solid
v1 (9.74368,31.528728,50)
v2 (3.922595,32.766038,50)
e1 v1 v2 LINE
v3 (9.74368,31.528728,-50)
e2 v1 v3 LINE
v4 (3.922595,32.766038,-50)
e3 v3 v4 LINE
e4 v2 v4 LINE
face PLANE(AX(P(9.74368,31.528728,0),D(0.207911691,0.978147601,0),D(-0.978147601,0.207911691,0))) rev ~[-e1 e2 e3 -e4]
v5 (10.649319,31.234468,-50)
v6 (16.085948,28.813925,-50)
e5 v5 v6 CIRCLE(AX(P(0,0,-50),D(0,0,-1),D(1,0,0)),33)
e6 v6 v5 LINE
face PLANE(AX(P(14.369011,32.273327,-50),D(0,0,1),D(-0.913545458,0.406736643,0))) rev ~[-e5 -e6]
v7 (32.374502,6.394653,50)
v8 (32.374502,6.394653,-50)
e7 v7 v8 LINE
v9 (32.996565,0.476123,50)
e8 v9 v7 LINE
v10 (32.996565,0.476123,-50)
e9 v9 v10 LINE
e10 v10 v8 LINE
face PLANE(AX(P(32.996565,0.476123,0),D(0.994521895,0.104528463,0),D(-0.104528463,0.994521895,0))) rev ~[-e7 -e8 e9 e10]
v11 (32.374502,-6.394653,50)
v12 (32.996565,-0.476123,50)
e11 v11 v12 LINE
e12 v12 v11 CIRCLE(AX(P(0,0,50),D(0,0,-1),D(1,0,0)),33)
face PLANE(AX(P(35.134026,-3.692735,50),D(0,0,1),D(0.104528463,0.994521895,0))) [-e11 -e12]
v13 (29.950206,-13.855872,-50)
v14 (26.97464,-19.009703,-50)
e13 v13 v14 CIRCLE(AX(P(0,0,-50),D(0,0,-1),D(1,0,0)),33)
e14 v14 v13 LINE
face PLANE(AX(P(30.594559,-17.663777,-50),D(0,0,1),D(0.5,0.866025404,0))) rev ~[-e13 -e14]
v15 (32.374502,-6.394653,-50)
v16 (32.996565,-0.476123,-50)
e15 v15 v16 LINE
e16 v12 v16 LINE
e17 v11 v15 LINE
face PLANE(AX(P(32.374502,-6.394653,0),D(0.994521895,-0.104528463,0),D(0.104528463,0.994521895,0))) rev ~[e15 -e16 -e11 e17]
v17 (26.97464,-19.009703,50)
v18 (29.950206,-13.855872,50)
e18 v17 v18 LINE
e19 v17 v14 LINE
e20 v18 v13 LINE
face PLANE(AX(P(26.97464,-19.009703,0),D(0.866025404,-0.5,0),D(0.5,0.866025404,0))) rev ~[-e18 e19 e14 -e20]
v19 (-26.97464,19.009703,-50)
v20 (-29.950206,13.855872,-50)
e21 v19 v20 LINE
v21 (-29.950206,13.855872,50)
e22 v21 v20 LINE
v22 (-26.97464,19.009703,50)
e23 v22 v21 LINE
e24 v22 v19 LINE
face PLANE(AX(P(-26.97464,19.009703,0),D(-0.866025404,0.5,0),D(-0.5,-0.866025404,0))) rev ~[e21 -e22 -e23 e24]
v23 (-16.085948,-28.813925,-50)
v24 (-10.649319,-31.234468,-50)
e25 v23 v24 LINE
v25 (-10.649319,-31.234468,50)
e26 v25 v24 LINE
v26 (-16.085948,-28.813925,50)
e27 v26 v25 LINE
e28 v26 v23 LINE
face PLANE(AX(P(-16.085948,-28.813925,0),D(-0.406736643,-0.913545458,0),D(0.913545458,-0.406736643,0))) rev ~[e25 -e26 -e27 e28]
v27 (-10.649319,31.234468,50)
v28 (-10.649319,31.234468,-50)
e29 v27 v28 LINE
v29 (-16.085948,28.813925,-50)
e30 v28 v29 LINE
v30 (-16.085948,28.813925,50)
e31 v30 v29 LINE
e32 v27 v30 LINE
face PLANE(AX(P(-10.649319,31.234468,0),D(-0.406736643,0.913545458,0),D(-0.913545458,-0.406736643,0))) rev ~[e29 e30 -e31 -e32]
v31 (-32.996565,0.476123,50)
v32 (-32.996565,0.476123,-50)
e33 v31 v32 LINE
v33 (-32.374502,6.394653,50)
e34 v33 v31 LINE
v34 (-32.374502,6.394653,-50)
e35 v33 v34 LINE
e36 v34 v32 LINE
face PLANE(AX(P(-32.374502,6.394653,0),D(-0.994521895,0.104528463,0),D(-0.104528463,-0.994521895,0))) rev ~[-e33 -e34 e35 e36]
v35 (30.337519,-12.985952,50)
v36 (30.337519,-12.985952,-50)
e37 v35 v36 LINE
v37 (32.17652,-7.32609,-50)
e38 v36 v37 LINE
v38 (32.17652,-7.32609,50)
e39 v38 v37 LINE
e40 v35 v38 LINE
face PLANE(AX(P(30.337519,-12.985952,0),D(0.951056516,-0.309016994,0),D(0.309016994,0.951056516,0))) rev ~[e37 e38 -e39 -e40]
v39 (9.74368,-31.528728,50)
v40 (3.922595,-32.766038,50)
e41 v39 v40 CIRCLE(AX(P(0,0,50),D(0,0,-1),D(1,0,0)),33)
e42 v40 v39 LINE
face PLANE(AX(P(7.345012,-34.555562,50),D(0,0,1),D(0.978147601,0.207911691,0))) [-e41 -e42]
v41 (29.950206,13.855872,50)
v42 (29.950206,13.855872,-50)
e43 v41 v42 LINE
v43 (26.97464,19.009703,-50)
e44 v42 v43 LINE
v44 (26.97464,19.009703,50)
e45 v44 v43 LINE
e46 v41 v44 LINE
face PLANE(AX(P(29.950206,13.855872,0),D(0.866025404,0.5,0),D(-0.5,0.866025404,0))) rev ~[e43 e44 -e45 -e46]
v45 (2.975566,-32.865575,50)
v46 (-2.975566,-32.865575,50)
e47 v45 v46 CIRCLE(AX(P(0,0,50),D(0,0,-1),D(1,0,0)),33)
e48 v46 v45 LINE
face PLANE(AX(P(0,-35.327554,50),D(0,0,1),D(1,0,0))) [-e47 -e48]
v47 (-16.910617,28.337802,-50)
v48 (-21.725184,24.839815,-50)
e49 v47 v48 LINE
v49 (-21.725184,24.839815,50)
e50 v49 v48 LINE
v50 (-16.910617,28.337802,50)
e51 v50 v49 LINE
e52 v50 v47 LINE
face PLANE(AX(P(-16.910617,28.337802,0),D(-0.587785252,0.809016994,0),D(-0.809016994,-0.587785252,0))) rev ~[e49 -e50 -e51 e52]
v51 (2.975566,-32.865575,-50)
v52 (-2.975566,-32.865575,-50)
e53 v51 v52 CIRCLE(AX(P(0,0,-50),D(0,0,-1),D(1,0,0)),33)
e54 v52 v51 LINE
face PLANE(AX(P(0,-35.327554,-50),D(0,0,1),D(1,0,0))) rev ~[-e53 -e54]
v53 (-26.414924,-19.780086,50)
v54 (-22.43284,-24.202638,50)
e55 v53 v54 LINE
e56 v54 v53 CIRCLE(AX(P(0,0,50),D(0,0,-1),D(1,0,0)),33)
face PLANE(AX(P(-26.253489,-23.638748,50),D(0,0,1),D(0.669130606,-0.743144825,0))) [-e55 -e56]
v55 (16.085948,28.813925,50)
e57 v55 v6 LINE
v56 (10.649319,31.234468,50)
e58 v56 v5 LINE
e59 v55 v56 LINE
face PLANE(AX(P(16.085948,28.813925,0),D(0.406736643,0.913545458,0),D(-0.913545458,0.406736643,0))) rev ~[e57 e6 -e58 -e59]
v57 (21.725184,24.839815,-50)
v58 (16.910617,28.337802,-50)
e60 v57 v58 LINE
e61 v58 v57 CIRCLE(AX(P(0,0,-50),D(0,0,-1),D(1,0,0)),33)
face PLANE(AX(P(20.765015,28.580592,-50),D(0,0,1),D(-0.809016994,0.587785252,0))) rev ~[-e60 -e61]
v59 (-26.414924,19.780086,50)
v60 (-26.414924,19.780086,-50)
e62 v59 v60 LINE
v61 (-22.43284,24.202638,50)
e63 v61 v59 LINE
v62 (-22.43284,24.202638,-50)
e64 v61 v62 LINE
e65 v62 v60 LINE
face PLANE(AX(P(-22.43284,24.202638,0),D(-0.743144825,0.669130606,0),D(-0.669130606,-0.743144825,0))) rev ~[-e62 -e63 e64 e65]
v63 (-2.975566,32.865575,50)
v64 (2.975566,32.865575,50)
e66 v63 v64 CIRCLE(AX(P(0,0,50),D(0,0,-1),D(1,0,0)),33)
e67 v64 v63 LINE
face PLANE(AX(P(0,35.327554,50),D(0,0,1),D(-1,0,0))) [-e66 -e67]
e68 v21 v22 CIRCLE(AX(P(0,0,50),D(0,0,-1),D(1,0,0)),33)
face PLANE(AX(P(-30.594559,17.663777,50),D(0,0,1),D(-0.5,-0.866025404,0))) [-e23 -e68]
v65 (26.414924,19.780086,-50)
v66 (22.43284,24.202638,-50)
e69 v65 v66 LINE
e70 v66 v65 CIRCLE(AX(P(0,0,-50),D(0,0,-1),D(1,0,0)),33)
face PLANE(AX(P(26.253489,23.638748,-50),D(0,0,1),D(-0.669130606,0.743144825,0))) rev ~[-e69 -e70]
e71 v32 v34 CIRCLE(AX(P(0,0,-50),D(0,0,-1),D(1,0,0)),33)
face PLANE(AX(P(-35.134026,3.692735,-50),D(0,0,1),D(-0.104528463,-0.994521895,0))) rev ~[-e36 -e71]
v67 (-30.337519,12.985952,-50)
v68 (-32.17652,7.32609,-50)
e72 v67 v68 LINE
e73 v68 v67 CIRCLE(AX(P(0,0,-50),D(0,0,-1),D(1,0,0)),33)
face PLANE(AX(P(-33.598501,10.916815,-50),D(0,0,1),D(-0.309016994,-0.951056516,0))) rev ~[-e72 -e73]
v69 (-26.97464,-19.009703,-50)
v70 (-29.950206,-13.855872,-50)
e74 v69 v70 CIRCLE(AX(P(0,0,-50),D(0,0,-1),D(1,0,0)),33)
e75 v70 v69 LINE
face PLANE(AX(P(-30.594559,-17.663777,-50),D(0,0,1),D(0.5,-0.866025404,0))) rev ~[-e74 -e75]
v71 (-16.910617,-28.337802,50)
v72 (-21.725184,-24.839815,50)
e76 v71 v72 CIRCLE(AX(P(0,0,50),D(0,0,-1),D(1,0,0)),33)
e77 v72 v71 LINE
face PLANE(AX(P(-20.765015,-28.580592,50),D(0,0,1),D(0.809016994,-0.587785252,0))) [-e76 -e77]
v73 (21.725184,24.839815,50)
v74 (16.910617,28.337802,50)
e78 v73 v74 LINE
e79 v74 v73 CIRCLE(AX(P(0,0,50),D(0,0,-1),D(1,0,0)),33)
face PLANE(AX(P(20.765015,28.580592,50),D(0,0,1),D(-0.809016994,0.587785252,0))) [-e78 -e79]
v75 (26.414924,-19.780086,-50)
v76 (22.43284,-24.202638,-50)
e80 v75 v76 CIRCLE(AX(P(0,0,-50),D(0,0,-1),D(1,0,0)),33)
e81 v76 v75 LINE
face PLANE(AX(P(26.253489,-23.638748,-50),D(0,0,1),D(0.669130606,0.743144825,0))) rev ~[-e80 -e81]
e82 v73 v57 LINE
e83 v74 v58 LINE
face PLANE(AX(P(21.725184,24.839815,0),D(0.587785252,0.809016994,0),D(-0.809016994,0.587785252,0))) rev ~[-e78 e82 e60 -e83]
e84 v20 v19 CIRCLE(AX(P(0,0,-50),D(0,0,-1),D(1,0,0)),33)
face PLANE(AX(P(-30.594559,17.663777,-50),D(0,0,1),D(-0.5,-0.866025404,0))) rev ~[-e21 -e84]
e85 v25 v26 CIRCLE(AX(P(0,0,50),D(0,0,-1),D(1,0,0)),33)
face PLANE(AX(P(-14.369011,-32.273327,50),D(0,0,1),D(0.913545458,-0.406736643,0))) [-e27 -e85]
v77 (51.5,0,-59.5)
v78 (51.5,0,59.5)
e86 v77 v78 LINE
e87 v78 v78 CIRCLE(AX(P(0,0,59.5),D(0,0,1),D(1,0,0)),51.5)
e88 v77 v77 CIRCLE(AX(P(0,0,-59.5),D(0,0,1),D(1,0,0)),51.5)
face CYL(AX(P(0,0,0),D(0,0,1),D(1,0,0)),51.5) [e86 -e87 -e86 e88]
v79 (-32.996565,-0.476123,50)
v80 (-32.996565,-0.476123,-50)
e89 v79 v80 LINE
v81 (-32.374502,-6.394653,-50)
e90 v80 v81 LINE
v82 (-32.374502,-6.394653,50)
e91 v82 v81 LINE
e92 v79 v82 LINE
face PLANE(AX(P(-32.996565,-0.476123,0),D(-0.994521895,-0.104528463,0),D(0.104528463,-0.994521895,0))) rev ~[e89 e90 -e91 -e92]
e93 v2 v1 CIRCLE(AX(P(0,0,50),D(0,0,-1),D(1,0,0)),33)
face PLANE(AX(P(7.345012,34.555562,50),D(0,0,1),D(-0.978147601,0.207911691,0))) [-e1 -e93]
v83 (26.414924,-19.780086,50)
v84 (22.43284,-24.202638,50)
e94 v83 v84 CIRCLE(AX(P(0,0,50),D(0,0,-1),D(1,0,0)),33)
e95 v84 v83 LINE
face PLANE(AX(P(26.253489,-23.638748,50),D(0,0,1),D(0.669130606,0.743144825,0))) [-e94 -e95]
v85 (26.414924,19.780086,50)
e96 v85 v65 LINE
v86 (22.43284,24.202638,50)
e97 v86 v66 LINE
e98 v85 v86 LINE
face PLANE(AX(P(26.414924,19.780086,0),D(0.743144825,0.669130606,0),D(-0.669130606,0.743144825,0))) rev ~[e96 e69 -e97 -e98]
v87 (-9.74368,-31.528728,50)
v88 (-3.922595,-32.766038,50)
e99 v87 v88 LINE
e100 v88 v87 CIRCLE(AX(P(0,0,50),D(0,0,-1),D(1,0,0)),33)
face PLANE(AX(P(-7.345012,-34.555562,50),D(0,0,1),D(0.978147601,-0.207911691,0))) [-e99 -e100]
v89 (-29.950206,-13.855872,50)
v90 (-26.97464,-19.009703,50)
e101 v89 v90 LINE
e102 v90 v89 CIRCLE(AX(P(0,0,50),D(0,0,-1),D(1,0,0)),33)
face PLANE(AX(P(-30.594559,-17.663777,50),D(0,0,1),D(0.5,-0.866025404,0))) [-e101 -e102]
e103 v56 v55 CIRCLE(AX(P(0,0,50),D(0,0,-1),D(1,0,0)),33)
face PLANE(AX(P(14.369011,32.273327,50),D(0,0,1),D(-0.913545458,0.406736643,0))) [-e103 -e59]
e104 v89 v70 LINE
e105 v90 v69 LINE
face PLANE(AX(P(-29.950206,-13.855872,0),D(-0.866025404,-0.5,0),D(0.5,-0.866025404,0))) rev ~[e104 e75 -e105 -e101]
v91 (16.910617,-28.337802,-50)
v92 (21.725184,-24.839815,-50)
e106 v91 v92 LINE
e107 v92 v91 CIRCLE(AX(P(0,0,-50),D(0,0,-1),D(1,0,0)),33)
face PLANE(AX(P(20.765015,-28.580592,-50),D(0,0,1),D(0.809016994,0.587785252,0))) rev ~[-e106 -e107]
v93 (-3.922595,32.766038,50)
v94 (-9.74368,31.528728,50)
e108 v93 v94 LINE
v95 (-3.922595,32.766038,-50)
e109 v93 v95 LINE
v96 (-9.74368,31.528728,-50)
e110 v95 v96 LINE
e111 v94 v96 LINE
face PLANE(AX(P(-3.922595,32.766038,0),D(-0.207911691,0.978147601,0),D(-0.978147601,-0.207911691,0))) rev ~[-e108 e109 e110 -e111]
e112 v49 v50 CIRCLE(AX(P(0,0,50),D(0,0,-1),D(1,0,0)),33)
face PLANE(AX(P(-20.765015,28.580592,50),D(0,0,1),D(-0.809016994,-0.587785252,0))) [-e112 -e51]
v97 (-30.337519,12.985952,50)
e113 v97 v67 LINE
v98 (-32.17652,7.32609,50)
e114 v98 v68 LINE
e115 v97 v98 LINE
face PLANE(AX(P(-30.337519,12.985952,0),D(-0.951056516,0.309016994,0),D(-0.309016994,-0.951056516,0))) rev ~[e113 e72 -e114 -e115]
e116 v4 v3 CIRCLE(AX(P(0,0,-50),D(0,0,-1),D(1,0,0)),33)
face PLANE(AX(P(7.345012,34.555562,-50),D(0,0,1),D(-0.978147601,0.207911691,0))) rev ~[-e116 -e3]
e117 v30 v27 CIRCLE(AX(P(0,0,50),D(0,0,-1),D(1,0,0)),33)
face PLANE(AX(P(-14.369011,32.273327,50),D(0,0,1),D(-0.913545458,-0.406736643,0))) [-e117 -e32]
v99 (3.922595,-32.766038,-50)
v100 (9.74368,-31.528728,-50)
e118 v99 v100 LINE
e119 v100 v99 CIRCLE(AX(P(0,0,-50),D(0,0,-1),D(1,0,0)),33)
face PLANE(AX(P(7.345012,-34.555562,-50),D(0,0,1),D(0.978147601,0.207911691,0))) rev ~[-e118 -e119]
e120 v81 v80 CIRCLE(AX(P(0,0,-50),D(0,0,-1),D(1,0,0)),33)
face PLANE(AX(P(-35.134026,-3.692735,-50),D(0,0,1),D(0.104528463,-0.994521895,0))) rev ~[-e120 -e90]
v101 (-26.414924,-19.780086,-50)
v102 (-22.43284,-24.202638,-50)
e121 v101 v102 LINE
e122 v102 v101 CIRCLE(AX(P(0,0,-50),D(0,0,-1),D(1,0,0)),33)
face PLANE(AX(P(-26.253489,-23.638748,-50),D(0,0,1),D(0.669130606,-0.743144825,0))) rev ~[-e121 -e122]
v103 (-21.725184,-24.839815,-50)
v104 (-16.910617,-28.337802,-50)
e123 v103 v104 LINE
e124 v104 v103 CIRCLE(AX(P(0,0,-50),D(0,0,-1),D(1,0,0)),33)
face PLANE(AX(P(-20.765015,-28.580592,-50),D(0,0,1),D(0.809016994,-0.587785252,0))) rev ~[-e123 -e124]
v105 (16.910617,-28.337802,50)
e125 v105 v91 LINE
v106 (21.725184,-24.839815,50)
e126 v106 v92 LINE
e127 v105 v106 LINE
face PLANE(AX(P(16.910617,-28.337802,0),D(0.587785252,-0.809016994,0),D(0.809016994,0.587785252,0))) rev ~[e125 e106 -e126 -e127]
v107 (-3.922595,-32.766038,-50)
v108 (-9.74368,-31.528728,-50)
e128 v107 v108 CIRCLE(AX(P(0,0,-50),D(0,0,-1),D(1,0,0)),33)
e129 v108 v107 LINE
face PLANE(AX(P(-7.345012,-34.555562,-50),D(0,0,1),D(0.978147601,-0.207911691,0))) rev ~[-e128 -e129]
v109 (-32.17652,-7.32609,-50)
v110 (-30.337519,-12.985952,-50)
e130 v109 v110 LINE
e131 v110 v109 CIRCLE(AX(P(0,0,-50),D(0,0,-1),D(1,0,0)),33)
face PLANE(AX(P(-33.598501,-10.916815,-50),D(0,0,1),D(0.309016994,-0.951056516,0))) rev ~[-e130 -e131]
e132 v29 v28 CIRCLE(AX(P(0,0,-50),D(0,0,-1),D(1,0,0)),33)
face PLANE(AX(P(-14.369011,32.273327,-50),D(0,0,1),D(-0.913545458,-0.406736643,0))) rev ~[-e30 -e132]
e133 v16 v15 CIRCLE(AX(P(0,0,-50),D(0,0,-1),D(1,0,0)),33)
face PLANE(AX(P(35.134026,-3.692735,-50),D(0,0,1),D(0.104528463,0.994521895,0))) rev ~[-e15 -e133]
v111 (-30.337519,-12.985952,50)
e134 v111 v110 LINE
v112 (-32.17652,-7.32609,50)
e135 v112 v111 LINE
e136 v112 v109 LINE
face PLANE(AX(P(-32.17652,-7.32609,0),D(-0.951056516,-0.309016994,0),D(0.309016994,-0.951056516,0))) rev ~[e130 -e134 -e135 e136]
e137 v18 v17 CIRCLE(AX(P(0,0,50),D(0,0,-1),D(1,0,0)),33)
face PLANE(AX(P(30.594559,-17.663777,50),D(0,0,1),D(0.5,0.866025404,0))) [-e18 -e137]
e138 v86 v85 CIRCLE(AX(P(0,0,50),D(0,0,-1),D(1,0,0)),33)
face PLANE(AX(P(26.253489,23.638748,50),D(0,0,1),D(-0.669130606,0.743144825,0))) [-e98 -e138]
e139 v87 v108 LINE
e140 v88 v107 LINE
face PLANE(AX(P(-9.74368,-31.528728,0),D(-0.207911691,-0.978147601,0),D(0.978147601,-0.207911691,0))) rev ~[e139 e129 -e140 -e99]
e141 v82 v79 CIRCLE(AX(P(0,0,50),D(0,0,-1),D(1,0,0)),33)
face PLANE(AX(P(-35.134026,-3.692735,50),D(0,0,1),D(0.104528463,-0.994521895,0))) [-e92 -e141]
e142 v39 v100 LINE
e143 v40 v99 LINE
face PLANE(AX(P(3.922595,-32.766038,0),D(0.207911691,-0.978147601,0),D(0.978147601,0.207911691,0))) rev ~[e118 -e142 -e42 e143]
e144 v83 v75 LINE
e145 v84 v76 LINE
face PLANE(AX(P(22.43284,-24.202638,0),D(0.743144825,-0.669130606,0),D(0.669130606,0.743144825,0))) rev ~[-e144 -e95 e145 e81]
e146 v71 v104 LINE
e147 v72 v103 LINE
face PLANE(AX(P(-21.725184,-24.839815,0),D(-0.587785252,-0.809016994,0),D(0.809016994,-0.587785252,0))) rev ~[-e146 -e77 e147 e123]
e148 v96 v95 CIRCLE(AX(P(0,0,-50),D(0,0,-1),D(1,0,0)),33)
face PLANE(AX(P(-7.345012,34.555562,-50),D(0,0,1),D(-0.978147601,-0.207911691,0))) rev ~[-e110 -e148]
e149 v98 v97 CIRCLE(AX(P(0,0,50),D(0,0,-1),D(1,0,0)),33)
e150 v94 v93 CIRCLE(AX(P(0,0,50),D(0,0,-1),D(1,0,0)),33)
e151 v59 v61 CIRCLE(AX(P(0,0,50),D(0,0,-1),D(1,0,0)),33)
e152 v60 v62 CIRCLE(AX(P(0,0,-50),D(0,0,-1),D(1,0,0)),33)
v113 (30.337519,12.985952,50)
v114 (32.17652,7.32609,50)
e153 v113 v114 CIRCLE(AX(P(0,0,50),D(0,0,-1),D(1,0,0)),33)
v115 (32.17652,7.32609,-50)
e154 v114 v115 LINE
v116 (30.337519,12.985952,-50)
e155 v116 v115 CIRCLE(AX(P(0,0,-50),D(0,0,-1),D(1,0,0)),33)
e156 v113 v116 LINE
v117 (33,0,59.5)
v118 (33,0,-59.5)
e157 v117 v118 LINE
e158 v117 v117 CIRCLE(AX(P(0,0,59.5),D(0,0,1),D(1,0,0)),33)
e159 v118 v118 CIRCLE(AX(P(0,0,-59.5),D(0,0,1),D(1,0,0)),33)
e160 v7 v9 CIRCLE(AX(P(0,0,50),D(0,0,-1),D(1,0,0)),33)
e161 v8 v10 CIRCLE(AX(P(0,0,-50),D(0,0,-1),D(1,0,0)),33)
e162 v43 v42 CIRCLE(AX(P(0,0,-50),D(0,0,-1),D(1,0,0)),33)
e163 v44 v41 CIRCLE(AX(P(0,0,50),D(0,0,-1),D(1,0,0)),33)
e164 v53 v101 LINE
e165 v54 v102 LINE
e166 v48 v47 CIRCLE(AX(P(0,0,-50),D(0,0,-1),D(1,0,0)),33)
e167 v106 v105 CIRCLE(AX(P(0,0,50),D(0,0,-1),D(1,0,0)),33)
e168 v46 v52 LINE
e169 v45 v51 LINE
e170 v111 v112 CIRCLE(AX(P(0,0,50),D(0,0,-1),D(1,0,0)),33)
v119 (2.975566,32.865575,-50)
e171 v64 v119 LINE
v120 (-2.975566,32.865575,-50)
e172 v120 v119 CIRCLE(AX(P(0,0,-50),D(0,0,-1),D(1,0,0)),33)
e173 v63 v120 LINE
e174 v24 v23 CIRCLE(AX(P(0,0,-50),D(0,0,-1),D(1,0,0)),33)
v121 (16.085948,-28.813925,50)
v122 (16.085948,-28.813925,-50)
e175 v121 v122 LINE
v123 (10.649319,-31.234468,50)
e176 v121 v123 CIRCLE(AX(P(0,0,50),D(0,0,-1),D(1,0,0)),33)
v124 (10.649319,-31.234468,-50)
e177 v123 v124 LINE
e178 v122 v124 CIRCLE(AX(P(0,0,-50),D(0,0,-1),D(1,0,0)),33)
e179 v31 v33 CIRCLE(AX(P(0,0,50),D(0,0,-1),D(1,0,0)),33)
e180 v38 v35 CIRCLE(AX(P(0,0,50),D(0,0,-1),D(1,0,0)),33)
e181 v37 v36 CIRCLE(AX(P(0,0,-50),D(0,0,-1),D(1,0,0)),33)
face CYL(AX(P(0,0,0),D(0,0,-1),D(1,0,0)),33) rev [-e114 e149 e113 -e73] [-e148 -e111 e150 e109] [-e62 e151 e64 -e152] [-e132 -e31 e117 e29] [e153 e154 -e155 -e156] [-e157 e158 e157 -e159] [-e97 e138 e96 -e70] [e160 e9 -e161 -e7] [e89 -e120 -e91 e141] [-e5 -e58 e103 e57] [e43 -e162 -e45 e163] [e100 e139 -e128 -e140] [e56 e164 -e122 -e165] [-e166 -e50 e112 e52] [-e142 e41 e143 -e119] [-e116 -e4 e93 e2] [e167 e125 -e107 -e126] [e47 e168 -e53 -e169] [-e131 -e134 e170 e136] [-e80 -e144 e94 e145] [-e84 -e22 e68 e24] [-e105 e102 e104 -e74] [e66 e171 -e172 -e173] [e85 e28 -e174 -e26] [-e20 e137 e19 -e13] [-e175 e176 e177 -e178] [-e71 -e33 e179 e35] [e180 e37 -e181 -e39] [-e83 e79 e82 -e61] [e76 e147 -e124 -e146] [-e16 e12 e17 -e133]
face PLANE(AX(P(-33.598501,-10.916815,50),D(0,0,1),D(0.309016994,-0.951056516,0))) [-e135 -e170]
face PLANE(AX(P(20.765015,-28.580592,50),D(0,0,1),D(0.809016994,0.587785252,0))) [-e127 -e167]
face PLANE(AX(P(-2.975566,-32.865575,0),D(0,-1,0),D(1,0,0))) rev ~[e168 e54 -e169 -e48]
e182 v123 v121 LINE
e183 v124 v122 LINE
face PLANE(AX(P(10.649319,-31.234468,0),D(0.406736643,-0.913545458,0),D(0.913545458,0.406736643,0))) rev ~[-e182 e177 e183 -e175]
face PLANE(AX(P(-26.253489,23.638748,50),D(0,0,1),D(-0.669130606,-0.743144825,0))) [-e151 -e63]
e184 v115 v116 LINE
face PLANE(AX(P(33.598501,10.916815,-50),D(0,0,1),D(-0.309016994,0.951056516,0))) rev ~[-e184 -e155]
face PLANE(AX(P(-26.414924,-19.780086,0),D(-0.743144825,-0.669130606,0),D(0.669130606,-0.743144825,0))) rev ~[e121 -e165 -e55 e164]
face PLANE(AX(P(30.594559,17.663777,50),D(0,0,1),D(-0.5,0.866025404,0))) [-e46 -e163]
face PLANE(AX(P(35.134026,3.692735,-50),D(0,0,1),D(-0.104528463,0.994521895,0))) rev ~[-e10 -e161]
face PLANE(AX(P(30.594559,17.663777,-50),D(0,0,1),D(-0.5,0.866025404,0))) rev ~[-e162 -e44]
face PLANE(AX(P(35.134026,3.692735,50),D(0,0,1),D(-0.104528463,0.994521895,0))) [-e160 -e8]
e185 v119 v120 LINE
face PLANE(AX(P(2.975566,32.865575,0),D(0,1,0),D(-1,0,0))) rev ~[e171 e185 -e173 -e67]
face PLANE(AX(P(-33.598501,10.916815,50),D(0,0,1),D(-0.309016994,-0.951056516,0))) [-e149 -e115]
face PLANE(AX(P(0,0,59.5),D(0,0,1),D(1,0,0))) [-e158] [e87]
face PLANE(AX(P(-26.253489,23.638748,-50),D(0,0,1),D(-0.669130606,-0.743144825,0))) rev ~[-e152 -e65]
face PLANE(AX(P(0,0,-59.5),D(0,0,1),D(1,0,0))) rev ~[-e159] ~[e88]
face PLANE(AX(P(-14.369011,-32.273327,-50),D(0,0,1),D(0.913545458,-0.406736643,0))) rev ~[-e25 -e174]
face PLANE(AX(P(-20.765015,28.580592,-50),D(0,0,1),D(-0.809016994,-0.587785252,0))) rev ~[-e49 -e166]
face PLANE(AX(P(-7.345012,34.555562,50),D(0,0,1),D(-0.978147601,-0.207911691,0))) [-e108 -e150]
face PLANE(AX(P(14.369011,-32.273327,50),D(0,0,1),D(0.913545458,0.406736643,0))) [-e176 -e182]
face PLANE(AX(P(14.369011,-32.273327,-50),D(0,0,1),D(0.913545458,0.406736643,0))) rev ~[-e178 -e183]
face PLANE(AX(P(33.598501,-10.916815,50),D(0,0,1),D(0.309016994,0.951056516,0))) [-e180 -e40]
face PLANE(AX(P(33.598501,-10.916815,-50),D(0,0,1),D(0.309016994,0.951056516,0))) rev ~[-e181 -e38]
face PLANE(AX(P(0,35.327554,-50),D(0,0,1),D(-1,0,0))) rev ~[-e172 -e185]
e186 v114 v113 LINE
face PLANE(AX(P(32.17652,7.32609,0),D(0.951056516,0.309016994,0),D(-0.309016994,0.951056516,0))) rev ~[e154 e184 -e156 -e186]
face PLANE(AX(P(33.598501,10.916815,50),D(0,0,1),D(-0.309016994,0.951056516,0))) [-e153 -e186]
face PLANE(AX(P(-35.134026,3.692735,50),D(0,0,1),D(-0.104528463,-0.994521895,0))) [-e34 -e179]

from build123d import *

# Parameters (mm, degrees)
SKETCH1_R           = 51.5
SKETCH1_R_2         = 33
BOSS_EXTRUDE1_DEPTH = 59.5
SKETCH2_W           = 5.951131742
SKETCH2_H           = 4.923958597
BOSS_EXTRUDE2_DEPTH = 50
CIRPATTERN1_COUNT   = 30


with BuildPart() as part:
    # Sketch1 → Boss-Extrude1 (new, symmetric)
    with BuildSketch(Plane.XY):
        Circle(SKETCH1_R)
        Circle(SKETCH1_R_2, mode=Mode.SUBTRACT)
    extrude(amount=BOSS_EXTRUDE1_DEPTH, both=True)

    # Sketch2 → Boss-Extrude2 (add, symmetric)
    with BuildSketch(Plane.XY):
        with Locations((0, -35.327554111)):
            Rectangle(SKETCH2_W, SKETCH2_H)
    boss_extrude2 = extrude(amount=BOSS_EXTRUDE2_DEPTH, both=True)

    # CirPattern1: Boss-Extrude2 ×30 about axis
    cirpattern1_axis = Axis((0, 0, 0), (0, 0, 1))
    for i in range(1, CIRPATTERN1_COUNT):
        add(boss_extrude2.rotate(cirpattern1_axis, i * 360 / CIRPATTERN1_COUNT))


solid = part.part
